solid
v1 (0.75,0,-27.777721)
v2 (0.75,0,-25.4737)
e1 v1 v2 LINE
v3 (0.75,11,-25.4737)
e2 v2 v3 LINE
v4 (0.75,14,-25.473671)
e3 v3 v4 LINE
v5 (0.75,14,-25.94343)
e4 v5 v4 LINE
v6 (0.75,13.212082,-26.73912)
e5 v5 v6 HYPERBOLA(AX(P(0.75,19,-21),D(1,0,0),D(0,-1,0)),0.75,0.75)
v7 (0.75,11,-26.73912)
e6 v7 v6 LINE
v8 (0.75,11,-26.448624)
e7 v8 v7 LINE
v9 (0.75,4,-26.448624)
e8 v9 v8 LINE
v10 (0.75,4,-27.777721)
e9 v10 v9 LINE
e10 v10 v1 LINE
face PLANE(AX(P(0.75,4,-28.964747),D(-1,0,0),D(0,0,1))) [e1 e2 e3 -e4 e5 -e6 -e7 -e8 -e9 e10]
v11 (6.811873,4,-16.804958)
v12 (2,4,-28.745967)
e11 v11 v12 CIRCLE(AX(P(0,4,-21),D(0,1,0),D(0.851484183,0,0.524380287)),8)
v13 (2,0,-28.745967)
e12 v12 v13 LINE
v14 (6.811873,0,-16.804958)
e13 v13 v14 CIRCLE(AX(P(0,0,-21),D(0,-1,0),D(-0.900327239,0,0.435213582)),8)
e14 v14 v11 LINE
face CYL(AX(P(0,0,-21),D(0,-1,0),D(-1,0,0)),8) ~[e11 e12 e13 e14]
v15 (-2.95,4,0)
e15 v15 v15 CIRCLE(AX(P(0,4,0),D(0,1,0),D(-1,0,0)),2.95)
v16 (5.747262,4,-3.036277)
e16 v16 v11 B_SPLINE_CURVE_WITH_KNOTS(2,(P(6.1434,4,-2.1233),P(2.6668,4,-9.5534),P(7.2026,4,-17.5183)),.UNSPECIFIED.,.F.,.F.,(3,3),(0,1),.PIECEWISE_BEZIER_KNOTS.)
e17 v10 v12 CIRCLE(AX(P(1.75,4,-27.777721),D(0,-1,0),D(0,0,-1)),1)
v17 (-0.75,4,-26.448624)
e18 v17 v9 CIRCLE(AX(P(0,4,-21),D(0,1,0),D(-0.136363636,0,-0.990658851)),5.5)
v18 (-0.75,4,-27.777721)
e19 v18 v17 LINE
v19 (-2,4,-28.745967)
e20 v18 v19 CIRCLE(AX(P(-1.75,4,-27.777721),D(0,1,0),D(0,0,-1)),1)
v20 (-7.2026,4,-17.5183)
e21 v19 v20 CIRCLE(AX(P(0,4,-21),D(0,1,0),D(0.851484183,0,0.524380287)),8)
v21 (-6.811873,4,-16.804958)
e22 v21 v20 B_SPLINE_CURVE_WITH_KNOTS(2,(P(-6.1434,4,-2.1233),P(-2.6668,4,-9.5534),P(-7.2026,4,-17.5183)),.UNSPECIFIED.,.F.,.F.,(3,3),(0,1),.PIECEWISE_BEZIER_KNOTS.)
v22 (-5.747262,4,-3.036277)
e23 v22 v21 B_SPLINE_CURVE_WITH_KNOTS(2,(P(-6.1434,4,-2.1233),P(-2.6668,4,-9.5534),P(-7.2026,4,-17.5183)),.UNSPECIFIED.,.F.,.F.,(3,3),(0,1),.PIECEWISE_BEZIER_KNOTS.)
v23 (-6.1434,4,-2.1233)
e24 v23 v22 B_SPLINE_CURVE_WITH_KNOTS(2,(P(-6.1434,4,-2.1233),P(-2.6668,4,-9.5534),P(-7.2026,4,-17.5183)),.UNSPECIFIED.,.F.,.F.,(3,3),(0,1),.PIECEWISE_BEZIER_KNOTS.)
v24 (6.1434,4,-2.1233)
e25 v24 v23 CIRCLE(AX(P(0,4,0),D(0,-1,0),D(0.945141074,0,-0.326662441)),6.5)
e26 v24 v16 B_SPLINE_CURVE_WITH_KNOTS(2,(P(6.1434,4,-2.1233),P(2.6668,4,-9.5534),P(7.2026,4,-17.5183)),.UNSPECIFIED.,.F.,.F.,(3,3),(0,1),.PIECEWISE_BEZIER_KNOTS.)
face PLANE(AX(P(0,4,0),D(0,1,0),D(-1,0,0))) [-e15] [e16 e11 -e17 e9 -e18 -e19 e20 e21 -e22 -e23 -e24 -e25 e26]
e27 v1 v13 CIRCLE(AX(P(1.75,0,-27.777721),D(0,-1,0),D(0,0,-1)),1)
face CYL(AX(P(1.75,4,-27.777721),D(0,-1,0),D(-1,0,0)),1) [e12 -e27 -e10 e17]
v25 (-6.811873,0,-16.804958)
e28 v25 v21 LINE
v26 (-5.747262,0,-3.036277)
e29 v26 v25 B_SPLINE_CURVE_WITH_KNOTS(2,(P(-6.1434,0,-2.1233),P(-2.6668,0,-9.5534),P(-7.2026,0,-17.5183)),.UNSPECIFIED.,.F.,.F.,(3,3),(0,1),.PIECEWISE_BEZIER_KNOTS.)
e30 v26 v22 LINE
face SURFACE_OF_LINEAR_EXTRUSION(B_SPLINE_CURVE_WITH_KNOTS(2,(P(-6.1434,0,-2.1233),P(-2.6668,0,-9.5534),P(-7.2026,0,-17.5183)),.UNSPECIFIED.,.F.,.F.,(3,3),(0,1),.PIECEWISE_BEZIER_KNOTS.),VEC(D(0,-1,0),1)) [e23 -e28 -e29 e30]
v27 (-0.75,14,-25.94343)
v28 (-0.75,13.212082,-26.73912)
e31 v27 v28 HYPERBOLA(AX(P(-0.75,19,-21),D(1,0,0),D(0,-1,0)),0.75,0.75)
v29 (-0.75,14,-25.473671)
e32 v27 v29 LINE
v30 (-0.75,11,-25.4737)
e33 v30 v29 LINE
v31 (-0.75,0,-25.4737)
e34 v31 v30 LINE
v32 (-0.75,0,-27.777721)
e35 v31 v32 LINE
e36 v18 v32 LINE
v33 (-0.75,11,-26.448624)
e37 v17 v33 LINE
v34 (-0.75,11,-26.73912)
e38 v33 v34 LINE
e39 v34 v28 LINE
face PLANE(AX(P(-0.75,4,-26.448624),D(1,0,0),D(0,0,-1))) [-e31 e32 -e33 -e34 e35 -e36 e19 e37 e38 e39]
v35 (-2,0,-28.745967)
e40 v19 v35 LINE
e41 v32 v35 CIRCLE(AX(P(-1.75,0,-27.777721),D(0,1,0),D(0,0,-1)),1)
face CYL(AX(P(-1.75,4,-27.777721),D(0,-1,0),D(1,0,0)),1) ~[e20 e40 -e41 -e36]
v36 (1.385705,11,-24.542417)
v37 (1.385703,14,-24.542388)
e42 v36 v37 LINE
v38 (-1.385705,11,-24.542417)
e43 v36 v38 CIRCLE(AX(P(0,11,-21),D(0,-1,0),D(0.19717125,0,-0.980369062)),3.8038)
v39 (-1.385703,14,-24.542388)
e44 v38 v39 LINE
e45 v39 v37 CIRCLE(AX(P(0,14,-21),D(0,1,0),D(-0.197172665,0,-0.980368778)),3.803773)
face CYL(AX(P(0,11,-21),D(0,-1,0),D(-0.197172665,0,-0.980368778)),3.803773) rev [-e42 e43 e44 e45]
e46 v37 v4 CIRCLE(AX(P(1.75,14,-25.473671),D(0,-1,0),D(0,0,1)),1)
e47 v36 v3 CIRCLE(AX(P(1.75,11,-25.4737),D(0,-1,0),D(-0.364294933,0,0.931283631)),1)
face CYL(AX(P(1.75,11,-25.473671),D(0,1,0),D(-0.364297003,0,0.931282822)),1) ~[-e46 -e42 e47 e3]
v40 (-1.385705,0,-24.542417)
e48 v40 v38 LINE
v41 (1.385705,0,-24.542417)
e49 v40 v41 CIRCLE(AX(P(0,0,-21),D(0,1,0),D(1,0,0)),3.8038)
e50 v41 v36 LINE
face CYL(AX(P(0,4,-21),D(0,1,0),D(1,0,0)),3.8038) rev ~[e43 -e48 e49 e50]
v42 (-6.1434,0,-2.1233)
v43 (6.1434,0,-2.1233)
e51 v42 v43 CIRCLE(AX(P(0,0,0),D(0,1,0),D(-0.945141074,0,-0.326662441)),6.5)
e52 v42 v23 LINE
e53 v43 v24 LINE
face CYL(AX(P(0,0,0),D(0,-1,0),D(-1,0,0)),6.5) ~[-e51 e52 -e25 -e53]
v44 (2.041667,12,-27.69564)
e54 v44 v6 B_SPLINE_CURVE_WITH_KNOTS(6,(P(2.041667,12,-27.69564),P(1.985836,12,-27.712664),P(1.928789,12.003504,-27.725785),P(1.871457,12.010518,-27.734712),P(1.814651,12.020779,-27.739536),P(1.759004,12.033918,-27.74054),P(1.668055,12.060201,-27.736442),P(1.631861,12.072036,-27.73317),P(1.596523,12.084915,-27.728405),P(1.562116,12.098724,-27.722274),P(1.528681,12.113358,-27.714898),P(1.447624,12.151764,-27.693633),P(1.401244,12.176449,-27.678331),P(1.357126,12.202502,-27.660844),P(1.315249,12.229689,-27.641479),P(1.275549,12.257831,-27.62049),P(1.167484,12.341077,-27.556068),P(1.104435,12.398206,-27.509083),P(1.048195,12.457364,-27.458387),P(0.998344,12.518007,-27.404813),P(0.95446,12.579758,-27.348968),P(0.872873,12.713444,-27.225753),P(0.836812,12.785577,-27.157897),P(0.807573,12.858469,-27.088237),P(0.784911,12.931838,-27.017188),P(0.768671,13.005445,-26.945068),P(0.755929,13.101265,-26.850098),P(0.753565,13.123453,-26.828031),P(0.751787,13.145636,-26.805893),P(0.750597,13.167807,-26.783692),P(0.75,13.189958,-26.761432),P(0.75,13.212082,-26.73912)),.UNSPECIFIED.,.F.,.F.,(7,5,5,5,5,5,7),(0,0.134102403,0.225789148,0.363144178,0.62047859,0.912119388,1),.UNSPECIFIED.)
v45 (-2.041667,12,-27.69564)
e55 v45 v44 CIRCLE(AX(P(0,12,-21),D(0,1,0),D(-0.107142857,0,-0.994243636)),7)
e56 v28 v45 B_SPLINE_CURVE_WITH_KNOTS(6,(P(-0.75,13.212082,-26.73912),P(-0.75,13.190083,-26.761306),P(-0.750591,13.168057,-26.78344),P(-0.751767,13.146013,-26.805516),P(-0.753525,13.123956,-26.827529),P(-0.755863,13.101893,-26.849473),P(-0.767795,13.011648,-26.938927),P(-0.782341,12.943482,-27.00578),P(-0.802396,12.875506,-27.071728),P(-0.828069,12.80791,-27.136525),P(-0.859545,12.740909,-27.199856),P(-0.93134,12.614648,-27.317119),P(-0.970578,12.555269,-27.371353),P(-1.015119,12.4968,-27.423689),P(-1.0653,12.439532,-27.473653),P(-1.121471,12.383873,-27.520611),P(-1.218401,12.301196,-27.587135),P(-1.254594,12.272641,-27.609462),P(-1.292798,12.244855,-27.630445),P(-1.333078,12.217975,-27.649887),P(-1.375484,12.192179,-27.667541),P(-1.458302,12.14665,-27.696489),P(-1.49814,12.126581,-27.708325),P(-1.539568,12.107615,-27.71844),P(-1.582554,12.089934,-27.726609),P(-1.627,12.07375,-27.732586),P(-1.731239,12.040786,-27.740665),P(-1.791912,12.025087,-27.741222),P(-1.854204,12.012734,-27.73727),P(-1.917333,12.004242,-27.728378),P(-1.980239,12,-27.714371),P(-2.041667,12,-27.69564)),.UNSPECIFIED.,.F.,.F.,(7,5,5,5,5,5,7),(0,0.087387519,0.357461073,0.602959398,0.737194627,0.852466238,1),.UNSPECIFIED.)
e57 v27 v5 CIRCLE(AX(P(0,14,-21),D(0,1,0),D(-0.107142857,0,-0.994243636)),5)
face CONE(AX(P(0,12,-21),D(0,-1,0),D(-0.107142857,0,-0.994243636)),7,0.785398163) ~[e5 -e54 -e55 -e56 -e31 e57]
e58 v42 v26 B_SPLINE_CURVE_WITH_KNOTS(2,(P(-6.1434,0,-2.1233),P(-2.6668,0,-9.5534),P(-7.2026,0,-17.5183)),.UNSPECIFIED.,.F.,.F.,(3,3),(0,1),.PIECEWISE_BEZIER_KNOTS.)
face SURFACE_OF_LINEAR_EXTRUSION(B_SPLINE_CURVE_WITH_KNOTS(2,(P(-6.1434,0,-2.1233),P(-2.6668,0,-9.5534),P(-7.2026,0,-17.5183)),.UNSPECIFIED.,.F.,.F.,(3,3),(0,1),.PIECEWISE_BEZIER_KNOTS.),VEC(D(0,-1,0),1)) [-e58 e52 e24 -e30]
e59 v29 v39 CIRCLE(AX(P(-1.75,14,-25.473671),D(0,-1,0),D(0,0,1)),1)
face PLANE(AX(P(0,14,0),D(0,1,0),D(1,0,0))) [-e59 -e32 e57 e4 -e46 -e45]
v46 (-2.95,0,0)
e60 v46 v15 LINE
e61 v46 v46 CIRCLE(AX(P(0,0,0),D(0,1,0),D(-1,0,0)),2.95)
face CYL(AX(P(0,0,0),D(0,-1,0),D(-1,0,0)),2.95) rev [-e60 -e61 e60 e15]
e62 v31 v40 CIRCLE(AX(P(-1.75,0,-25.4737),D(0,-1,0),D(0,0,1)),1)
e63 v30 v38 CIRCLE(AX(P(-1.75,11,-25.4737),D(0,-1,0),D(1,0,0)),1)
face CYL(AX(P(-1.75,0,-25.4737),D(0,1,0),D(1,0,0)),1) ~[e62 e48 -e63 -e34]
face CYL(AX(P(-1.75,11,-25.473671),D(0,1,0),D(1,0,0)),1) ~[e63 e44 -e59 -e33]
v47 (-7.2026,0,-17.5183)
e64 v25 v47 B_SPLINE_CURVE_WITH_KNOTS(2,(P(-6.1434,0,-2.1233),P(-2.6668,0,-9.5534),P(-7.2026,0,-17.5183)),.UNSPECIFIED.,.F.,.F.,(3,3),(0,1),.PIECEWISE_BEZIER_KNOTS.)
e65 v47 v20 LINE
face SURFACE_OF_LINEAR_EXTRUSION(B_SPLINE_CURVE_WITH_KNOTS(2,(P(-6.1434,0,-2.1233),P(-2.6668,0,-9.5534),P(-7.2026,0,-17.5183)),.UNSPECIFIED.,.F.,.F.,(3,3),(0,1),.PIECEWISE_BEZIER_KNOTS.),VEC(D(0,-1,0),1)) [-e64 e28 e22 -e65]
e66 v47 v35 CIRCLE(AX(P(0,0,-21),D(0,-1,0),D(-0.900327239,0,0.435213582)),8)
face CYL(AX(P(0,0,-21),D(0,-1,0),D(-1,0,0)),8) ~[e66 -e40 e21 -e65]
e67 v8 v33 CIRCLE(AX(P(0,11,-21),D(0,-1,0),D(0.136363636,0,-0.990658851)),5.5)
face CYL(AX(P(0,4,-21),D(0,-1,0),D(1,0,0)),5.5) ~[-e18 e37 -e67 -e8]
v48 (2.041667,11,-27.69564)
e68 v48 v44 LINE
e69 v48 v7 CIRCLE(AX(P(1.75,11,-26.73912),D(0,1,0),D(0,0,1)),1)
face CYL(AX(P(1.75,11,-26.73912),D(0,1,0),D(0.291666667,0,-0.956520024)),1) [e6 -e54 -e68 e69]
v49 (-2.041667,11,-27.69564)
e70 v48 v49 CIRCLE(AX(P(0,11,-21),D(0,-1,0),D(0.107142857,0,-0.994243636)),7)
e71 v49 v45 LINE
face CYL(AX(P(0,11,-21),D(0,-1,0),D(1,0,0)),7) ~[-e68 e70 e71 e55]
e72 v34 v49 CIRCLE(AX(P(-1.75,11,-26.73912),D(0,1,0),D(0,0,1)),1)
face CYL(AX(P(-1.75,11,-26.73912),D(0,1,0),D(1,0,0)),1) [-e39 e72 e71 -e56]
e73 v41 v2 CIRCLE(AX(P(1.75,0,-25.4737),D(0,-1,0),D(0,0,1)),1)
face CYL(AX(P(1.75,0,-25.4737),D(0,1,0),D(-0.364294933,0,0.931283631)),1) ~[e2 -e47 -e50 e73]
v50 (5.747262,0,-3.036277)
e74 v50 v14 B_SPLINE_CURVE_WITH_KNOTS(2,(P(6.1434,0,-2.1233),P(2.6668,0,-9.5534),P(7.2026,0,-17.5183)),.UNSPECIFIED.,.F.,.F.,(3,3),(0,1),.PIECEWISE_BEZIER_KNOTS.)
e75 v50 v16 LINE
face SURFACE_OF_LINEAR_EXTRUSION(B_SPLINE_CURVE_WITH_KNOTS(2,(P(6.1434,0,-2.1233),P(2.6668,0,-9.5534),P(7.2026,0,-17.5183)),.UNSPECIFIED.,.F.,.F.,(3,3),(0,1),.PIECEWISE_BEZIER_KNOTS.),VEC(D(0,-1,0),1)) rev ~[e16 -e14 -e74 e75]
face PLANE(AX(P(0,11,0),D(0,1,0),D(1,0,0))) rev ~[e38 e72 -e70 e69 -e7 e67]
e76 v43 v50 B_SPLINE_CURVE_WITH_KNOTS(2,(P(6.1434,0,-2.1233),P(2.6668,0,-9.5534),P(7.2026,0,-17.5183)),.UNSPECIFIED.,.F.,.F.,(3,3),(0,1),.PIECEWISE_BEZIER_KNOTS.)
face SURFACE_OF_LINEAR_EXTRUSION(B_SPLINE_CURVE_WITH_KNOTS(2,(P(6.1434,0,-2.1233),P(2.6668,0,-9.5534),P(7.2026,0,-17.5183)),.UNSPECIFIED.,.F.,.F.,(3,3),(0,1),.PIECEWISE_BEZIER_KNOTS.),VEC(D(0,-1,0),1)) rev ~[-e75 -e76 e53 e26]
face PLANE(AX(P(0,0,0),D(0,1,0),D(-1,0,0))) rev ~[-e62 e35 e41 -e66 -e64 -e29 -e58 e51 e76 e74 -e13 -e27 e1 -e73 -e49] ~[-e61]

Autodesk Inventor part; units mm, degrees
ref_plane "YZ Plane" through (0, 0, 0) normal (1, 0, 0) x (0, 1, 0)
ref_plane "XZ Plane" through (0, 0, 0) normal (0, 1, 0) x (-1, 0, 0)
ref_plane "XY Plane" through (0, 0, 0) normal (0, 0, 1) x (1, 0, 0)
sketch "Sketch1" plane through (0, 0, 0) normal (0, 1, 0) x (-1, 0, 0)
  circle A0 centre (0, 0) radius 2.95
  circle A1 centre (0, 0) radius 6.5
  circle A2 centre (0, -21) radius 8
  spline S0 degree 2 poles (6.1434, -2.1233) (2.6668, -9.5534) (7.2026, -17.5183) knots 0 0 0 1 1 1
  line L0 (0, 0) -> (0, -21) construction
  spline S1 degree 2 poles (-6.1434, -2.1233) (-2.6668, -9.5534) (-7.2026, -17.5183) knots 0 0 0 1 1 1
  point P0 (4.6554, -9.4486)
  point P1 (-4.6554, -9.4486)
  point P2 (-6.1434, -2.1233)
  point P3 (-6.812, -16.8052)
  dimension "d1" = 13
  dimension "d2" = 16
  dimension "d0" = 5.9
  dimension "d3" = 21
extrude "Extrusion1" add sketch "Sketch1" along normal blind 4 contours A1 S0 S1 | A1 S0 A2 S1 | S1 A2 | A2 S0 S1
sketch "Sketch2" plane through (0, 4, 0) normal (0, 1, 0) x (1, 0, 0)
  arc A0 (6.812, 16.8052) -> (-7.2026, 17.5183) centre (0, 21) ccw projected
  arc A1 (-6.1434, 2.1233) -> (6.1434, 2.1233) centre (0, 0) ccw projected
  circle A2 centre (0, 0) radius 2.95 projected
  circle A3 centre (0, 21) radius 5.5
  line L0 (0.75, 12.2819) -> (-0.75, 12.2819)
  line L1 (-0.75, 12.2819) -> (-0.75, 29.7181)
  line L2 (-0.75, 29.7181) -> (0.75, 29.7181)
  line L3 (0.75, 29.7181) -> (0.75, 12.2819)
  line L4 (0.75, 12.2819) -> (-0.75, 29.7181) construction
  line L5 (-0.75, 12.2819) -> (0.75, 29.7181) construction
  circle A4 centre (0, 21) radius 3.8038
  point P0 (0.75, 26.4486)
  point P1 (0.75, 15.5514)
  point P2 (-0.75, 15.5514)
  point P3 (-0.75, 26.4486)
  point P4 (-0.75, 24.7291)
  point P5 (0.75, 24.7291)
  dimension "d6" = 11
  dimension "d7" = 1.5
extrude "Extrusion2" cut sketch "Sketch2" against normal blind 5 contours L3 A3 L1 A0 | A0 L1 L2 L3 | L3 A4 L1 A3 | A4 L3 | L3 A4 L1 | L1 A4 picked at (-0.5838, 25.3244)
extrude "Extrusion3" add sketch "Sketch2" along normal blind 7 contours A3 L3 A4 | L1 A4 A3 | L1 A4 L3 A3 picked at (-0.5838, 16.6756)
sketch "Sketch4" plane through (0, 11, 0) normal (0, 1, 0) x (1, 0, 0)
  line L0 (-0.75, 24.7291) -> (-0.75, 26.4486) projected
  arc A0 (-0.75, 26.4486) -> (0.75, 26.4486) centre (0, 21) ccw projected
  line L1 (0.75, 26.4486) -> (0.75, 24.7291) projected
  arc A1 (-0.75, 24.7291) -> (0.75, 24.7291) centre (0, 21) ccw projected
  circle A2 centre (0, 21) radius 5.5 projected
  circle A3 centre (0, 21) radius 3.8038 projected
  circle A4 centre (0, 21) radius 7
  line L2 (-0.75, 12.2819) -> (-0.75, 29.7181) projected
  line L3 (0.75, 29.7181) -> (0.75, 12.2819) projected
  point P0 (0, 0)
  point P1 (0.75, 27.9597)
  point P2 (-0.75, 27.9597)
  dimension "d12" = 1.5
extrude "Extrusion4" add sketch "Sketch4" along normal blind 3 contours A1 L2 A0 L0 | A0 L2 A4 | A1 L3 A0 L2 | L1 A0 L3 A1 | A0 L3 A4 L2 | L3 A4 A0
chamfer "Chamfer1" distance 2 angle 45 1 edges at (0, 14, -14)
fillet "Fillet1" radius 1 8 edges at (0.75, 2, -28.9648) (-0.75, 2, -28.9648) (0.75, 12.5, -24.7291) (0.75, 2, -24.7291) (-0.75, 12.5, -24.7291) (-0.75, 2, -24.7291) (0.75, 11.5, -27.9597) (-0.75, 11.5, -27.9597)
properties part number "Servo_Pulley"
